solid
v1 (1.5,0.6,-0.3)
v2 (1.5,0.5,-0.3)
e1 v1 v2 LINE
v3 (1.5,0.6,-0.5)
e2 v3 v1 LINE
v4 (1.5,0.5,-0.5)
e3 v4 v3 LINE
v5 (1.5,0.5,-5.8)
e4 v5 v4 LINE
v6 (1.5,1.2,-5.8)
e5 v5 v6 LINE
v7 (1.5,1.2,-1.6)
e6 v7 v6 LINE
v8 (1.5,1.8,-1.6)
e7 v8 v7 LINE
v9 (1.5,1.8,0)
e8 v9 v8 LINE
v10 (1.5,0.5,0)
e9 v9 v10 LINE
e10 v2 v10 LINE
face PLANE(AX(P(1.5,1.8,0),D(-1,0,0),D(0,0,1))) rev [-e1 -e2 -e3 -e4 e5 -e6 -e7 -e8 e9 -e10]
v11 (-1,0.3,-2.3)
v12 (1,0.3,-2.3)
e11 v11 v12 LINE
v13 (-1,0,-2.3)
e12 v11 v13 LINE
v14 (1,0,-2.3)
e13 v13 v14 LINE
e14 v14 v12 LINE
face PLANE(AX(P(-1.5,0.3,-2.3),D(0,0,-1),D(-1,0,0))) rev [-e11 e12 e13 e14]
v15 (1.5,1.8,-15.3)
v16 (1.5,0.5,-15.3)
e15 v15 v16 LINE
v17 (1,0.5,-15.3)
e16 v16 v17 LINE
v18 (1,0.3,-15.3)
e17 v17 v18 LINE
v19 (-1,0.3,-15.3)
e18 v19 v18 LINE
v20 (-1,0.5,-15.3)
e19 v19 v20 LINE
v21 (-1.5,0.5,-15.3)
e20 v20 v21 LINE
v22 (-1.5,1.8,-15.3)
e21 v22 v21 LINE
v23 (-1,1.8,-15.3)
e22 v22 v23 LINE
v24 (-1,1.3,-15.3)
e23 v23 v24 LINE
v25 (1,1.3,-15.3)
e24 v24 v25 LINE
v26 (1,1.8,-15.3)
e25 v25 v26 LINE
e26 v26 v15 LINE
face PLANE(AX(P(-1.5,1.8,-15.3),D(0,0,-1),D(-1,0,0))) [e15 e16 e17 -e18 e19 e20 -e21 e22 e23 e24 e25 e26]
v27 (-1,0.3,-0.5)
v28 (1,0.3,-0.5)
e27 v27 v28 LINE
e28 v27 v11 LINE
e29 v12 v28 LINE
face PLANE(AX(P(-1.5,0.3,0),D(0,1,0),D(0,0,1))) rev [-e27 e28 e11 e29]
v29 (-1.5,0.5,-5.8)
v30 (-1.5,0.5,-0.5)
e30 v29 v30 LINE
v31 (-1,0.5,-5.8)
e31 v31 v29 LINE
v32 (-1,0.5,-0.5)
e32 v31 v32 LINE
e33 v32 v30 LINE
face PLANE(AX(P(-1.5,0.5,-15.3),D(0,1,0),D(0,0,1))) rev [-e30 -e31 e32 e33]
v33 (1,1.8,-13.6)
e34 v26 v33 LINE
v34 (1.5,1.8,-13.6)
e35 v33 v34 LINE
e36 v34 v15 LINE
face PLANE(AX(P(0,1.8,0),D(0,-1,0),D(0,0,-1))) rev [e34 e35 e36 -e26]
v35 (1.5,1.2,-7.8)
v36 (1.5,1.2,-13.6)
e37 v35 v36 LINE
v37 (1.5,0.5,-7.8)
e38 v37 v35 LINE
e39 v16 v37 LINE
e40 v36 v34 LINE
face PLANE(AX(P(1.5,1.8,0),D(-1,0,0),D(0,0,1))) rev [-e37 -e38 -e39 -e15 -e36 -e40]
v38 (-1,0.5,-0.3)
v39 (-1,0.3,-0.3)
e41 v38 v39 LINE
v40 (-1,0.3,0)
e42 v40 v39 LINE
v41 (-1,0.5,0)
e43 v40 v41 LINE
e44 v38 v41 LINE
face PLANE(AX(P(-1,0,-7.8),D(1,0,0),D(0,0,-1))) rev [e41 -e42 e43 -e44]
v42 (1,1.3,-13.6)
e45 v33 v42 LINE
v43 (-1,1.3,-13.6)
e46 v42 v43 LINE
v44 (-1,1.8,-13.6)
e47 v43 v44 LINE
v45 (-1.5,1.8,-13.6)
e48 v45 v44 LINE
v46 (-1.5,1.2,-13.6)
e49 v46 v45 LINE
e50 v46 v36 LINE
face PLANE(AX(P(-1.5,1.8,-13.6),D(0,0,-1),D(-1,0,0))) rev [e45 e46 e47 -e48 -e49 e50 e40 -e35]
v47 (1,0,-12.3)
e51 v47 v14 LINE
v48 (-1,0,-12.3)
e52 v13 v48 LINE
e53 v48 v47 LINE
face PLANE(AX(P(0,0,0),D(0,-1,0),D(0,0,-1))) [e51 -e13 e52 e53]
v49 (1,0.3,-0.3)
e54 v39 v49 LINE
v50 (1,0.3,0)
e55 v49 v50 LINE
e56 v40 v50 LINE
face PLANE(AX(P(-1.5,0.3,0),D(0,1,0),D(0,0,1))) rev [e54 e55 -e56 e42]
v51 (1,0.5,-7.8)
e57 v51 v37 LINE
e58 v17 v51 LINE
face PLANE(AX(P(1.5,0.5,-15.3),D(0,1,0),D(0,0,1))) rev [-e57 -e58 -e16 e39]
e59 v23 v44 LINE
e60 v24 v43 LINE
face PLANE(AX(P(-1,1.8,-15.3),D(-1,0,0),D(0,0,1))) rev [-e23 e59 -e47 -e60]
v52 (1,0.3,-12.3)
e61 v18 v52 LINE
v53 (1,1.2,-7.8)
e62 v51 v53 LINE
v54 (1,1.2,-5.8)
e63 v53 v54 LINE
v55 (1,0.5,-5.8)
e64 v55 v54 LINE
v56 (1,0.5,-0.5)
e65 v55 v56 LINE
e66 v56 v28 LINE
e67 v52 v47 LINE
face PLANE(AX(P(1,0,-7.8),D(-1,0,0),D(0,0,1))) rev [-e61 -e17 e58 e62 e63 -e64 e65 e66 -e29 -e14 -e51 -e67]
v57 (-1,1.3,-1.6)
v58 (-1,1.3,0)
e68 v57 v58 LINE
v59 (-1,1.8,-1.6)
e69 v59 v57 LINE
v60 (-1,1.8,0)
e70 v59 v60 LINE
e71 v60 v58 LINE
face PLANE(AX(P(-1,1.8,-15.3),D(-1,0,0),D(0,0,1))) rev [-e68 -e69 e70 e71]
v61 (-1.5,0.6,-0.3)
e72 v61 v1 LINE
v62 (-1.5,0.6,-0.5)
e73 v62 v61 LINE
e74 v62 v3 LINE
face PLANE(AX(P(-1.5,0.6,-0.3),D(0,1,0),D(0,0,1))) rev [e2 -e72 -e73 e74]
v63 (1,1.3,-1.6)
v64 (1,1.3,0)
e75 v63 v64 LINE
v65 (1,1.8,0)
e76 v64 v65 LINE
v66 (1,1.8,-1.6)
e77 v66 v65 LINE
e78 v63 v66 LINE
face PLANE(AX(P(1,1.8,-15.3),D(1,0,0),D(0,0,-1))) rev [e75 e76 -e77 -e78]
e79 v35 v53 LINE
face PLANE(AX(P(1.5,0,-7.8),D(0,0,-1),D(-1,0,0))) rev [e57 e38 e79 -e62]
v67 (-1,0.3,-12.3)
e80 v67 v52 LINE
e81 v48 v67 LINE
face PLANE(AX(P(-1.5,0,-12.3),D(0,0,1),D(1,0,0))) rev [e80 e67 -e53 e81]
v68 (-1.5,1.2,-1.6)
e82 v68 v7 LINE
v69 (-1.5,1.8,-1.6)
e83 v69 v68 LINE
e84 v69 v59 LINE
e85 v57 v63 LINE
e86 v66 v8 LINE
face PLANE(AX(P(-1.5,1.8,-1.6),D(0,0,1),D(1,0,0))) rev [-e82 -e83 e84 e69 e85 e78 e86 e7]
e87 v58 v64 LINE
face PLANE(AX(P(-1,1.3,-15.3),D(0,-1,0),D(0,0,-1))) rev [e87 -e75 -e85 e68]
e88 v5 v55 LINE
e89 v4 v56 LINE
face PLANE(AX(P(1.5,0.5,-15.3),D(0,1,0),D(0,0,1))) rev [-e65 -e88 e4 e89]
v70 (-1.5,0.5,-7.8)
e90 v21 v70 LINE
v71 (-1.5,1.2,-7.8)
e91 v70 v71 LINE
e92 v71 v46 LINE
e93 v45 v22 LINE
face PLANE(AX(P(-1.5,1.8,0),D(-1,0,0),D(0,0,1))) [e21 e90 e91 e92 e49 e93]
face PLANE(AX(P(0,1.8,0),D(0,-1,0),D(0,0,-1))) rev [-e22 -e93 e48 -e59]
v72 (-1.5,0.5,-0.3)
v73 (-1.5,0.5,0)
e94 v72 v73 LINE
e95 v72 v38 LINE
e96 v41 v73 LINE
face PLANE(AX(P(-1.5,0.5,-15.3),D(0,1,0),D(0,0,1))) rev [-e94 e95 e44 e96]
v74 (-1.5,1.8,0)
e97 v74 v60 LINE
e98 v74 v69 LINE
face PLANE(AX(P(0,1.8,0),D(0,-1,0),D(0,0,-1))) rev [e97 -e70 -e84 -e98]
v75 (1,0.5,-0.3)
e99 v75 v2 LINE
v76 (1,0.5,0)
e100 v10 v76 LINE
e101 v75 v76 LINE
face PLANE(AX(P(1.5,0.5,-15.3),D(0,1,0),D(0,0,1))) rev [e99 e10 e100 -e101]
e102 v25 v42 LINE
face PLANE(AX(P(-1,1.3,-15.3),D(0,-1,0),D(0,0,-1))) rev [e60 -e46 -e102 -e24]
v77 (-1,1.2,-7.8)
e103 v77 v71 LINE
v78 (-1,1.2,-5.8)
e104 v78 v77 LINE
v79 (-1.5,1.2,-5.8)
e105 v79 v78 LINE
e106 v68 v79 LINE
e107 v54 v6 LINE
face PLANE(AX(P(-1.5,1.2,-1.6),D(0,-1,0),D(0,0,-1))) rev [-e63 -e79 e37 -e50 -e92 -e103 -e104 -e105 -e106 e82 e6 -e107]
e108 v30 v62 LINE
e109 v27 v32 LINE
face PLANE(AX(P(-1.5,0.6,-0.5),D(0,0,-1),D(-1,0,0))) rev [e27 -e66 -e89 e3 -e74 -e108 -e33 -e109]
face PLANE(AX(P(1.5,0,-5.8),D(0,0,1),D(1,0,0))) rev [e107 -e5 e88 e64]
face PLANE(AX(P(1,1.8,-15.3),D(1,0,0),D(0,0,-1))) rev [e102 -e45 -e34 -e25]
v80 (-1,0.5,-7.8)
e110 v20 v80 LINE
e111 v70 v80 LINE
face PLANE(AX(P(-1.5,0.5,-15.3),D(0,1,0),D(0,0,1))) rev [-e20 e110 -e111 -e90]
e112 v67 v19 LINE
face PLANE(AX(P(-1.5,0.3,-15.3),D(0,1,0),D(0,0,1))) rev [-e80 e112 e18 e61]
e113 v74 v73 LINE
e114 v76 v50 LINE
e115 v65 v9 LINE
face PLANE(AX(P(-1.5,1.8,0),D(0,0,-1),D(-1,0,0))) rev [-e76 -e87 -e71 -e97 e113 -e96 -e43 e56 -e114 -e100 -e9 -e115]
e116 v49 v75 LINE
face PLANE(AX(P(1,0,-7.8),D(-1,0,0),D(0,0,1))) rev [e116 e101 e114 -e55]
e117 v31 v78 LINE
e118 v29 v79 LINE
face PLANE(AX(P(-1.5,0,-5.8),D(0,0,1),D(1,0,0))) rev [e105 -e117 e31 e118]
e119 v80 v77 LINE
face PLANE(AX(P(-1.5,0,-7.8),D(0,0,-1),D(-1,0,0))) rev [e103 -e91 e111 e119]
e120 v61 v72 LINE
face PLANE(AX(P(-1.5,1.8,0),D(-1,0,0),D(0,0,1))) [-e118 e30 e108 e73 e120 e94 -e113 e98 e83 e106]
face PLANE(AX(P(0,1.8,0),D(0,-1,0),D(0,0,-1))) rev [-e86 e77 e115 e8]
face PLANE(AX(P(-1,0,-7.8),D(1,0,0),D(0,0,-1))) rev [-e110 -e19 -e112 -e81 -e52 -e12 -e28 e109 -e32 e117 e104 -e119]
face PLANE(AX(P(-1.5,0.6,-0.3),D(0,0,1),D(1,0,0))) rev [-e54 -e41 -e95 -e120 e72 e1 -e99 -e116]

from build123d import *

# Parameters (mm, degrees)
SKETCH2_W           = 3
SKETCH2_H           = 15.3
BOSS_EXTRUDE1_DEPTH = 1.8
SKETCH3_W           = 12
SKETCH3_H           = 0.6
CUT_EXTRUDE1_DEPTH  = 4
SKETCH4_W           = 2.3
SKETCH4_H           = 0.3
SKETCH4_W_2         = 3
CUT_EXTRUDE2_DEPTH  = 4
SKETCH5_W           = 0.5
SKETCH5_H           = 2
CUT_EXTRUDE3_DEPTH  = 2.2
SKETCH8_W           = 2
SKETCH8_H           = 0.5
CUT_EXTRUDE5_DEPTH  = 16.3
SKETCH9_W           = 0.5
SKETCH9_H           = 0.5
CUT_EXTRUDE6_DEPTH  = 16.3
SKETCH10_W          = 0.2
SKETCH10_H          = 0.3
CUT_EXTRUDE7_DEPTH  = 4


with BuildPart() as part:
    # Sketch2 → Boss-Extrude1 (new body)
    with BuildSketch(Plane(origin=(0, 0, 0), x_dir=(1, 0, 0), z_dir=(0, 1, 0))):
        with Locations((0, 7.65)):
            Rectangle(SKETCH2_W, SKETCH2_H)
    extrude(amount=BOSS_EXTRUDE1_DEPTH)

    # Sketch3 → Cut-Extrude1 (cut, through all)
    with BuildSketch(Plane(origin=(1.5, 0, 0), x_dir=(0, 0, -1), z_dir=(1, 0, 0))):
        with Locations((7.6, 1.5)):
            Rectangle(SKETCH3_W, SKETCH3_H)
    extrude(amount=-CUT_EXTRUDE1_DEPTH, mode=Mode.SUBTRACT)

    # Sketch4 → Cut-Extrude2 (cut, through all)
    with BuildSketch(Plane(origin=(1.5, 0, 0), x_dir=(0, 0, -1), z_dir=(1, 0, 0))):
        with Locations((1.15, 0.15)):
            Rectangle(SKETCH4_W, SKETCH4_H)
        with Locations((13.8, 0.15)):
            Rectangle(SKETCH4_W_2, SKETCH4_H)
    extrude(amount=-CUT_EXTRUDE2_DEPTH, mode=Mode.SUBTRACT)

    # Sketch5 → Cut-Extrude3 (cut, through all)
    with BuildSketch(Plane(origin=(0, 1.2, 0), x_dir=(1, 0, 0), z_dir=(0, 1, 0))):
        with Locations((-1.25, 6.8)):
            Rectangle(SKETCH5_W, SKETCH5_H)
        with Locations((1.25, 6.8)):
            Rectangle(SKETCH5_W, SKETCH5_H)
    extrude(amount=-CUT_EXTRUDE3_DEPTH, mode=Mode.SUBTRACT)

    # Sketch8 → Cut-Extrude5 (cut, through all)
    with BuildSketch(Plane.XY):
        with Locations((0, 1.55)):
            Rectangle(SKETCH8_W, SKETCH8_H)
    extrude(amount=-CUT_EXTRUDE5_DEPTH, mode=Mode.SUBTRACT)

    # Sketch9 → Cut-Extrude6 (cut, through all)
    with BuildSketch(Plane.XY):
        with Locations((-1.25, 0.25)):
            Rectangle(SKETCH9_W, SKETCH9_H)
        with Locations((1.25, 0.25)):
            Rectangle(SKETCH9_W, SKETCH9_H)
    extrude(amount=-CUT_EXTRUDE6_DEPTH, mode=Mode.SUBTRACT)

    # Sketch10 → Cut-Extrude7 (cut, through all)
    with BuildSketch(Plane(origin=(1.5, 0, 0), x_dir=(0, 0, -1), z_dir=(1, 0, 0))):
        with Locations((0.4, 0.45)):
            Rectangle(SKETCH10_W, SKETCH10_H)
    extrude(amount=-CUT_EXTRUDE7_DEPTH, mode=Mode.SUBTRACT)


solid = part.part
